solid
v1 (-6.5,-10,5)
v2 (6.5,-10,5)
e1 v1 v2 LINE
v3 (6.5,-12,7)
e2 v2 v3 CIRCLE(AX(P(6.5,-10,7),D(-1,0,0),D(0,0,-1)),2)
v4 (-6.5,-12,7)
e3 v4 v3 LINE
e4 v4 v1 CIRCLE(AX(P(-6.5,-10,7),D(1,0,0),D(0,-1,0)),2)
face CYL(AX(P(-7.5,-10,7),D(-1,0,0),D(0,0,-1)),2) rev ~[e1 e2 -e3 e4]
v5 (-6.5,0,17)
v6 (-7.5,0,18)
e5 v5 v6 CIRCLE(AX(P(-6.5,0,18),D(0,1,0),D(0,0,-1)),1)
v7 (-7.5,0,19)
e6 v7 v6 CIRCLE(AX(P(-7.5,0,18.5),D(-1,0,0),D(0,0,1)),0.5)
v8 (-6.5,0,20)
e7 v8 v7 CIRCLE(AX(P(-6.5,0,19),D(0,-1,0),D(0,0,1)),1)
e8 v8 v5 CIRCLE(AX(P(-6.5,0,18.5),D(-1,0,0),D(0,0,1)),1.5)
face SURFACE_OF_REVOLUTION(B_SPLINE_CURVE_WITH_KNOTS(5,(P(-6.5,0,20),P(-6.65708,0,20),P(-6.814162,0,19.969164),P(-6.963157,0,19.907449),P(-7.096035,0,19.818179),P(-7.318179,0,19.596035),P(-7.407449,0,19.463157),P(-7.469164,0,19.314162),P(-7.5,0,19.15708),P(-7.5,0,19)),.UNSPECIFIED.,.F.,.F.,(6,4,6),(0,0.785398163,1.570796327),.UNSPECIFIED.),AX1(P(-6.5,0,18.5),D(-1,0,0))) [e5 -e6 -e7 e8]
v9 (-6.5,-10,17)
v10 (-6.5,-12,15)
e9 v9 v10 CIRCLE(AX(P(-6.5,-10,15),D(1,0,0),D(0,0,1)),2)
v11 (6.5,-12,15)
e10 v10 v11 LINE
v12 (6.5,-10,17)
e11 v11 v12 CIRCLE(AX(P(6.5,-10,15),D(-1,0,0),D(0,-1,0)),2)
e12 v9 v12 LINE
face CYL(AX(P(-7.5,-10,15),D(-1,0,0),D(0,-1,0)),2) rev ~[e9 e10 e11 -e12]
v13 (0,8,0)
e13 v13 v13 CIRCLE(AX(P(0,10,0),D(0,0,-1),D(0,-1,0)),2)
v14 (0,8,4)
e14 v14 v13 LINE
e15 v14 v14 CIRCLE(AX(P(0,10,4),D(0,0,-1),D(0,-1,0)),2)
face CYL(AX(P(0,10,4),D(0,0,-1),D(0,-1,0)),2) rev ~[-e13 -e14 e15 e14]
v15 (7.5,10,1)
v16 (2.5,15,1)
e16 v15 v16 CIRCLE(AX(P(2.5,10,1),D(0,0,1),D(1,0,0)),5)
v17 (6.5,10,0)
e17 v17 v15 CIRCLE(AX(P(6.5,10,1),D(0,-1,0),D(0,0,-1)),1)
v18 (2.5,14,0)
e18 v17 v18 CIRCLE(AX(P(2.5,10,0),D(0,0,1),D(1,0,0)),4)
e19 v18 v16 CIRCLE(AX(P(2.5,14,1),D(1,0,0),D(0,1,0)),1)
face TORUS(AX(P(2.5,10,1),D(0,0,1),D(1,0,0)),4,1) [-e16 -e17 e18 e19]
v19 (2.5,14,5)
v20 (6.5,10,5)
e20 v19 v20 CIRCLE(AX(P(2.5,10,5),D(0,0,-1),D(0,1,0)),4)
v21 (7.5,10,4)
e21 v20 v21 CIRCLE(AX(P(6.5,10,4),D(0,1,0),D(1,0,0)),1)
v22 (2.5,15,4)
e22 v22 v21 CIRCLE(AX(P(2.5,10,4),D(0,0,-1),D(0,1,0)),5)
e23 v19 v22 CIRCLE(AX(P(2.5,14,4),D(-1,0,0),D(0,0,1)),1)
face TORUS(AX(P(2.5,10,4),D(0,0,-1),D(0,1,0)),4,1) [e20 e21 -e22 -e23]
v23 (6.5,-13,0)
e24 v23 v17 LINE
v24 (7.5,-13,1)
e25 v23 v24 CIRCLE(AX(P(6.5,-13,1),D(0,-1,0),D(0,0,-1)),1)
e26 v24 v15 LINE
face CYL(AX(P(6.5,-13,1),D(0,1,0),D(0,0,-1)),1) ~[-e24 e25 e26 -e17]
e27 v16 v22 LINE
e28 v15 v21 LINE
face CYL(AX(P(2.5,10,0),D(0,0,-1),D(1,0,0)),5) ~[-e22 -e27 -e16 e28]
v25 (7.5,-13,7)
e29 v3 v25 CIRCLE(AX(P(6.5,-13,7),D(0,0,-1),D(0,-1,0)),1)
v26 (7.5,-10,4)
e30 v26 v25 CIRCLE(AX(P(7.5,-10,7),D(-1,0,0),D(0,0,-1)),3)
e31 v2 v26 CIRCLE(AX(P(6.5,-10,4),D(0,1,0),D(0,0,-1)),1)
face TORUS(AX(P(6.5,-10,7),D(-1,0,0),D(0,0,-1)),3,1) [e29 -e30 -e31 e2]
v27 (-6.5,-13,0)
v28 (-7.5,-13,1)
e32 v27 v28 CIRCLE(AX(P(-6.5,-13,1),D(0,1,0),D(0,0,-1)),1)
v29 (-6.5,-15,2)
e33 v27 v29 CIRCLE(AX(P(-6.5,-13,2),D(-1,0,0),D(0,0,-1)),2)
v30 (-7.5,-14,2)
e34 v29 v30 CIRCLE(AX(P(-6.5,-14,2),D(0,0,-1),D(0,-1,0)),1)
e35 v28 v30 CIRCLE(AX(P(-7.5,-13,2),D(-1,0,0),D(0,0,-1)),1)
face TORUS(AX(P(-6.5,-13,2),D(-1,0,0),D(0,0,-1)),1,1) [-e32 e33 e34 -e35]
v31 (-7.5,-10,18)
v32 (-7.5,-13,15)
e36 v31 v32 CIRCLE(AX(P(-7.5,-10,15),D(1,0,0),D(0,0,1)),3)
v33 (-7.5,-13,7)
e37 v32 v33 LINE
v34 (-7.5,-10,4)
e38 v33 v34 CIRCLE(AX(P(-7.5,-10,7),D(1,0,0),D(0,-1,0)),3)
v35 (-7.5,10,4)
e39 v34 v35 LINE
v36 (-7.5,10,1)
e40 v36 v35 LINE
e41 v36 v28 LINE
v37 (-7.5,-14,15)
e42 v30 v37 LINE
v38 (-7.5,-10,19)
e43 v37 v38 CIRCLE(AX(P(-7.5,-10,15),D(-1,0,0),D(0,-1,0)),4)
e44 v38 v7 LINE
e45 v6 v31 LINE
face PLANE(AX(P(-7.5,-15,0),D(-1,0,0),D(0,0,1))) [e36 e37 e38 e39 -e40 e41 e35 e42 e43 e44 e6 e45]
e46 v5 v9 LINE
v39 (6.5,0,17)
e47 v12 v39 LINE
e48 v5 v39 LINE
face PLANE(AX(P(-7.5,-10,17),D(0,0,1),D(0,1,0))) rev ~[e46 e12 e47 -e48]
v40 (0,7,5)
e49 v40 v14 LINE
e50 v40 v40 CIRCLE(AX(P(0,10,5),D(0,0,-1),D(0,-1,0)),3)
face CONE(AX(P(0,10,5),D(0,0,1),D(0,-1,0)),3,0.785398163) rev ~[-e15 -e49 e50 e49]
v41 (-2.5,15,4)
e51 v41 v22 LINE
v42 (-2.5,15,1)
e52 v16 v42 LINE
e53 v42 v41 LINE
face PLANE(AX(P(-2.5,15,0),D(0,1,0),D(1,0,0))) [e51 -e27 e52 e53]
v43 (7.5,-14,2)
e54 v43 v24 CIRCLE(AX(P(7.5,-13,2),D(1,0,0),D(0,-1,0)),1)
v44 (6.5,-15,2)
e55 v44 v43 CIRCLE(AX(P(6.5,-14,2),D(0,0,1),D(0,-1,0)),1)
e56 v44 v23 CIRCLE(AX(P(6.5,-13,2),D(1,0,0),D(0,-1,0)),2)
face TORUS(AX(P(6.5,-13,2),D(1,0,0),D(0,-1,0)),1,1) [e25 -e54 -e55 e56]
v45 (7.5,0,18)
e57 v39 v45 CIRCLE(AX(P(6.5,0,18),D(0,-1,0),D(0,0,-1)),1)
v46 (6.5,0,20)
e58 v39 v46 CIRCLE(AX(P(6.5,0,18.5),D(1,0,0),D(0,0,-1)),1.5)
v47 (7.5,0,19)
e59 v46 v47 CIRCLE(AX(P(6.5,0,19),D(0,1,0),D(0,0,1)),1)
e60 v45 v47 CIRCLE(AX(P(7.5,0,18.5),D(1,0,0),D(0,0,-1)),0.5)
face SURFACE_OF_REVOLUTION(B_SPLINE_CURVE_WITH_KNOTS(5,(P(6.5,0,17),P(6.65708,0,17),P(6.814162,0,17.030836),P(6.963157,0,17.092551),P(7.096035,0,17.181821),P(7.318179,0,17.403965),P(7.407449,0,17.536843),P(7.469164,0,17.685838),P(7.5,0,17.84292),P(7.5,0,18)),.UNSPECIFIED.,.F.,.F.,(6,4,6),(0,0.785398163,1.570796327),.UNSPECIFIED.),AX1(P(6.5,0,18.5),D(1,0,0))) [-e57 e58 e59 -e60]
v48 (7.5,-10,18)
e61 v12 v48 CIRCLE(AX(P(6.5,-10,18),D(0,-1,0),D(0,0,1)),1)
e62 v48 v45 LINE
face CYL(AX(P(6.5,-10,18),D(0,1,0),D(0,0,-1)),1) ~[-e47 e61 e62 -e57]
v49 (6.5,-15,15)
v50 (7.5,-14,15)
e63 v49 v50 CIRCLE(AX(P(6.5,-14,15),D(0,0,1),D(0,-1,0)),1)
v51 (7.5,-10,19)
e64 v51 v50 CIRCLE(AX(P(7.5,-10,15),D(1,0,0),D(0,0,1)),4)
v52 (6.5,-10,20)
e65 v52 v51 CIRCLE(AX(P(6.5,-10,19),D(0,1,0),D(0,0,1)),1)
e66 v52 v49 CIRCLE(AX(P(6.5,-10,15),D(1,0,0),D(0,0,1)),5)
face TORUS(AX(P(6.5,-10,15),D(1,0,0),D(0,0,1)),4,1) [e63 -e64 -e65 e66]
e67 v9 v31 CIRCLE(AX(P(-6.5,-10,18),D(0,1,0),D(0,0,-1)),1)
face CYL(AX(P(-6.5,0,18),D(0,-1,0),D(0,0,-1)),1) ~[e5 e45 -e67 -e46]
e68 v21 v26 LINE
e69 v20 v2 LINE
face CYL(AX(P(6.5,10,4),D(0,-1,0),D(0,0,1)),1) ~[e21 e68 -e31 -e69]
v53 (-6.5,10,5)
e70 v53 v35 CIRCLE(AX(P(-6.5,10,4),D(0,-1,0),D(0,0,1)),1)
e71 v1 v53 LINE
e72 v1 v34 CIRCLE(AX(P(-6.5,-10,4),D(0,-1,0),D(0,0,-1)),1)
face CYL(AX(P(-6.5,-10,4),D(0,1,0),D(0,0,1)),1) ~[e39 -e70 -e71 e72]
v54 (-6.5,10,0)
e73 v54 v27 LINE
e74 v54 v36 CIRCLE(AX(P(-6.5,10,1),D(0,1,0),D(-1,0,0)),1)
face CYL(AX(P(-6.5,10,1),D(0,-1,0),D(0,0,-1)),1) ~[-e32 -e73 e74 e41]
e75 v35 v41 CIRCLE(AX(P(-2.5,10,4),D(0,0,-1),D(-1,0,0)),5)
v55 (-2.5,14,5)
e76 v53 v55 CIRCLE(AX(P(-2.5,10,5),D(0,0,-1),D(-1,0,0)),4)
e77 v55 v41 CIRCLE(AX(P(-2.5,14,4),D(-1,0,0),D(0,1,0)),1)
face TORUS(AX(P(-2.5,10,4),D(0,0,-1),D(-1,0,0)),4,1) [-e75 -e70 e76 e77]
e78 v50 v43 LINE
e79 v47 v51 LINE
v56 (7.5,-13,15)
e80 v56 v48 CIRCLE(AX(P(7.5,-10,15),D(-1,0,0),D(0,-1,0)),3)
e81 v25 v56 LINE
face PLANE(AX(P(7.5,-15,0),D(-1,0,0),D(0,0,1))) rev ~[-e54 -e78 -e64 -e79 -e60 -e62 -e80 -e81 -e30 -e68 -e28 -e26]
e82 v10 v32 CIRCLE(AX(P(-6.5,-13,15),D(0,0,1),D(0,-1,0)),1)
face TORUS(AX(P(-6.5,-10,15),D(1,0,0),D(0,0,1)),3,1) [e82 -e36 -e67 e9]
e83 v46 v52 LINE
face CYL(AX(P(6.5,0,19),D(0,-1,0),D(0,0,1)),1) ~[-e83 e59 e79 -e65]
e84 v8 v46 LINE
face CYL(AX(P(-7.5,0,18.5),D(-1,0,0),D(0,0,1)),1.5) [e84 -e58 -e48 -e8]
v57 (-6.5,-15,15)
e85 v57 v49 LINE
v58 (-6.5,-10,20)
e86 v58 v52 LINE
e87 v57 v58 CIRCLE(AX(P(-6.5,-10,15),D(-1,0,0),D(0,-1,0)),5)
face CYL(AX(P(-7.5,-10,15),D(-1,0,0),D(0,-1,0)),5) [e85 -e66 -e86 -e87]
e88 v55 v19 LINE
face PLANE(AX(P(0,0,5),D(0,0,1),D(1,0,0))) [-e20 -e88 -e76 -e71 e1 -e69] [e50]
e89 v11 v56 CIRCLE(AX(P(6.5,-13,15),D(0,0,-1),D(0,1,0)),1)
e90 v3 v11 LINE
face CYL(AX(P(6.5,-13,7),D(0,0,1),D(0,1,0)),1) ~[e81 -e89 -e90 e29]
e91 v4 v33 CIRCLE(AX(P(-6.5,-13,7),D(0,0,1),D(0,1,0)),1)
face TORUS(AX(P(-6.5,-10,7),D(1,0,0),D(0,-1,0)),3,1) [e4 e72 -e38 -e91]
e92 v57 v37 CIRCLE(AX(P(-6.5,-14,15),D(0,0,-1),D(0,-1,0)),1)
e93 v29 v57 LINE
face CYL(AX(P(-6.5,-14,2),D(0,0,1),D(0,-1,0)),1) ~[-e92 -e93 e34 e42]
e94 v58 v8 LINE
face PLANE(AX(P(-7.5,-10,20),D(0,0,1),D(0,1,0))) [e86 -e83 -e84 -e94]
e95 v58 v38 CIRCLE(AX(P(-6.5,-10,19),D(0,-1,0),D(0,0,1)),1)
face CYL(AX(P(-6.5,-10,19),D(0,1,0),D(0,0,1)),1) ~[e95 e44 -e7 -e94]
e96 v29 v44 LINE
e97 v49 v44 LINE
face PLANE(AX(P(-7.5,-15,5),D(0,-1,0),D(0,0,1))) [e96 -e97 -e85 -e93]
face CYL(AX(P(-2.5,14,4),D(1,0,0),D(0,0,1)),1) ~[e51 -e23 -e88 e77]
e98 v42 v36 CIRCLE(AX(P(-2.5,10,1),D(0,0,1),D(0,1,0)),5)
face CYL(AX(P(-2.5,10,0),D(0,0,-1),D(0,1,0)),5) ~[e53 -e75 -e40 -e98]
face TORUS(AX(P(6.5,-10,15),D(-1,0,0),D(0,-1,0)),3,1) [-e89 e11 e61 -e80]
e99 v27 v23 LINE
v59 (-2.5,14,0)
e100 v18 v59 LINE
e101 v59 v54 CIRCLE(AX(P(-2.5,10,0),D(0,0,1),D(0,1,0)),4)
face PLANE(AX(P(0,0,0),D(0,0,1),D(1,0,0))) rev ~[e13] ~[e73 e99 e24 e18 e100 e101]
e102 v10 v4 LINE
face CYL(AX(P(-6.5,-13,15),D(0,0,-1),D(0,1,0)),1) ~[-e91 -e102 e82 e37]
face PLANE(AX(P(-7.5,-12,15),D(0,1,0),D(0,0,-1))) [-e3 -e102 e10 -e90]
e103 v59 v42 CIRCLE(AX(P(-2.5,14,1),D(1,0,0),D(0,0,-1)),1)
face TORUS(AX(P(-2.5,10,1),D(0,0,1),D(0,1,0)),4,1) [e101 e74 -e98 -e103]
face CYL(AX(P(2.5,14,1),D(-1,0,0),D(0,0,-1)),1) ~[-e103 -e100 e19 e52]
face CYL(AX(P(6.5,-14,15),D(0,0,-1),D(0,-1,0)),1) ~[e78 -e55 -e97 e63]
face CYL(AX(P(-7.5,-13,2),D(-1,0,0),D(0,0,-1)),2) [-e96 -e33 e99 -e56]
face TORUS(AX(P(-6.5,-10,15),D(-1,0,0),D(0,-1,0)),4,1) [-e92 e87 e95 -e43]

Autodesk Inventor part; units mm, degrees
ref_plane "YZ Plane" through (0, 0, 0) normal (1, 0, 0) x (0, 1, 0)
ref_plane "XZ Plane" through (0, 0, 0) normal (0, 1, 0) x (-1, 0, 0)
ref_plane "XY Plane" through (0, 0, 0) normal (0, 0, 1) x (1, 0, 0)
sketch "Sketch1" plane through (0, 0, 0) normal (0, 0, 1) x (1, 0, 0)
  line L0 (-2.5, 15) -> (2.5, 15)
  line L1 (7.5, 10) -> (7.5, -15)
  line L2 (7.5, -15) -> (-7.5, -15)
  line L3 (-7.5, -15) -> (-7.5, 10)
  line L4 (-7.5, 15) -> (7.5, -15) construction
  line L5 (7.5, 15) -> (-7.5, -15) construction
  arc A0 (-2.5, 15) -> (-7.5, 10) centre (-2.5, 10) ccw
  arc A1 (7.5, 10) -> (2.5, 15) centre (2.5, 10) ccw
  circle A2 centre (0, 10) radius 1.5
  point P0 (0, 0)
  dimension "d0" = 15
  dimension "HOOK_LEN" = 30
  dimension "d2" = 5
  dimension "d3" = 3
  dimension "d13" = 5
extrude "Extrusion1" add sketch "Sketch1" along normal blind 5
sketch "Sketch2" plane through (0, 0, 5) normal (0, 0, 1) x (1, 0, 0)
  circle A0 centre (0, 10) radius 1.5 projected
  point P0 (0, 0)
  point P1 (0, 10)
hole "Hole1" at (0, 10, 5) direction (0, 0, -1) diameter 4 end through all countersink diameter 6 countersink angle 90
sketch "Sketch3" plane through (-7.5, -15, 0) normal (-1, 0, 0) x (0, 0, 1)
  line L0 (5, 0) -> (15, 0)
  arc A0 (15, 0) -> (20, 5) centre (15, 5) ccw
  line L1 (20, 5) -> (20, 15)
  line L2 (20, 15) -> (20, 5)
  arc A1 (15, 3) -> (17, 5) centre (15, 5) ccw
  line L3 (15, 3) -> (7, 3)
  line L4 (17, 5) -> (17, 15)
  arc A2 (20, 15) -> (17, 15) centre (18.5, 15) ccw
  arc A3 (5, 5) -> (7, 3) centre (7, 5) ccw
  line L5 (5, 25) -> (5, 0) projected
  line L6 (5, 5) -> (5, 0)
  point P0 (0, 15)
  dimension "d14" = 10
  dimension "d15" = 10
  dimension "d17" = 3
  dimension "d19" = 4
extrude "Extrusion2" add sketch "Sketch3" against normal up to surface (15 mm away)
sketch "Sketch4" plane through (-7.5, -15, 0) normal (-1, 0, 0) x (0, 0, 1)
  arc A0 (0, 2) -> (2, 0) centre (2, 2) ccw
  line L0 (0, 25) -> (0, 0) projected
  line L1 (0, 0) -> (15, 0) projected
  point P0 (0, 15)
  dimension "d22" = 4
extrude "Extrusion3" cut sketch "Sketch4" against normal through all
fillet "Fillet1" radius 1 28 edges at (7.5, -11.4142, 5.5858) (7.5, 0, 5) (6.0355, 13.5355, 5) (0, 15, 5) (-6.0355, 13.5355, 5) (-7.5, 0, 5) (-7.5, -11.4142, 5.5858) (-7.5, -12, 11) (-7.5, -11.4142, 16.4142) (-7.5, -5, 17) (-7.5, 1.5, 18.5) (-7.5, -5, 20) (-7.5, -13.5355, 18.5355) (-7.5, -15, 8.5) (-7.5, -14.4142, 0.5858) (-7.5, -1.5, 0) (-6.0355, 13.5355, 0) (0, 15, 0) (6.0355, 13.5355, 0) (7.5, -1.5, 0) (7.5, -14.4142, 0.5858) (7.5, -15, 8.5) (7.5, -13.5355, 18.5355) (7.5, -5, 20) (7.5, 1.5, 18.5) (7.5, -5, 17) (7.5, -11.4142, 16.4142) (7.5, -12, 11)
properties part number "hook_straight"
